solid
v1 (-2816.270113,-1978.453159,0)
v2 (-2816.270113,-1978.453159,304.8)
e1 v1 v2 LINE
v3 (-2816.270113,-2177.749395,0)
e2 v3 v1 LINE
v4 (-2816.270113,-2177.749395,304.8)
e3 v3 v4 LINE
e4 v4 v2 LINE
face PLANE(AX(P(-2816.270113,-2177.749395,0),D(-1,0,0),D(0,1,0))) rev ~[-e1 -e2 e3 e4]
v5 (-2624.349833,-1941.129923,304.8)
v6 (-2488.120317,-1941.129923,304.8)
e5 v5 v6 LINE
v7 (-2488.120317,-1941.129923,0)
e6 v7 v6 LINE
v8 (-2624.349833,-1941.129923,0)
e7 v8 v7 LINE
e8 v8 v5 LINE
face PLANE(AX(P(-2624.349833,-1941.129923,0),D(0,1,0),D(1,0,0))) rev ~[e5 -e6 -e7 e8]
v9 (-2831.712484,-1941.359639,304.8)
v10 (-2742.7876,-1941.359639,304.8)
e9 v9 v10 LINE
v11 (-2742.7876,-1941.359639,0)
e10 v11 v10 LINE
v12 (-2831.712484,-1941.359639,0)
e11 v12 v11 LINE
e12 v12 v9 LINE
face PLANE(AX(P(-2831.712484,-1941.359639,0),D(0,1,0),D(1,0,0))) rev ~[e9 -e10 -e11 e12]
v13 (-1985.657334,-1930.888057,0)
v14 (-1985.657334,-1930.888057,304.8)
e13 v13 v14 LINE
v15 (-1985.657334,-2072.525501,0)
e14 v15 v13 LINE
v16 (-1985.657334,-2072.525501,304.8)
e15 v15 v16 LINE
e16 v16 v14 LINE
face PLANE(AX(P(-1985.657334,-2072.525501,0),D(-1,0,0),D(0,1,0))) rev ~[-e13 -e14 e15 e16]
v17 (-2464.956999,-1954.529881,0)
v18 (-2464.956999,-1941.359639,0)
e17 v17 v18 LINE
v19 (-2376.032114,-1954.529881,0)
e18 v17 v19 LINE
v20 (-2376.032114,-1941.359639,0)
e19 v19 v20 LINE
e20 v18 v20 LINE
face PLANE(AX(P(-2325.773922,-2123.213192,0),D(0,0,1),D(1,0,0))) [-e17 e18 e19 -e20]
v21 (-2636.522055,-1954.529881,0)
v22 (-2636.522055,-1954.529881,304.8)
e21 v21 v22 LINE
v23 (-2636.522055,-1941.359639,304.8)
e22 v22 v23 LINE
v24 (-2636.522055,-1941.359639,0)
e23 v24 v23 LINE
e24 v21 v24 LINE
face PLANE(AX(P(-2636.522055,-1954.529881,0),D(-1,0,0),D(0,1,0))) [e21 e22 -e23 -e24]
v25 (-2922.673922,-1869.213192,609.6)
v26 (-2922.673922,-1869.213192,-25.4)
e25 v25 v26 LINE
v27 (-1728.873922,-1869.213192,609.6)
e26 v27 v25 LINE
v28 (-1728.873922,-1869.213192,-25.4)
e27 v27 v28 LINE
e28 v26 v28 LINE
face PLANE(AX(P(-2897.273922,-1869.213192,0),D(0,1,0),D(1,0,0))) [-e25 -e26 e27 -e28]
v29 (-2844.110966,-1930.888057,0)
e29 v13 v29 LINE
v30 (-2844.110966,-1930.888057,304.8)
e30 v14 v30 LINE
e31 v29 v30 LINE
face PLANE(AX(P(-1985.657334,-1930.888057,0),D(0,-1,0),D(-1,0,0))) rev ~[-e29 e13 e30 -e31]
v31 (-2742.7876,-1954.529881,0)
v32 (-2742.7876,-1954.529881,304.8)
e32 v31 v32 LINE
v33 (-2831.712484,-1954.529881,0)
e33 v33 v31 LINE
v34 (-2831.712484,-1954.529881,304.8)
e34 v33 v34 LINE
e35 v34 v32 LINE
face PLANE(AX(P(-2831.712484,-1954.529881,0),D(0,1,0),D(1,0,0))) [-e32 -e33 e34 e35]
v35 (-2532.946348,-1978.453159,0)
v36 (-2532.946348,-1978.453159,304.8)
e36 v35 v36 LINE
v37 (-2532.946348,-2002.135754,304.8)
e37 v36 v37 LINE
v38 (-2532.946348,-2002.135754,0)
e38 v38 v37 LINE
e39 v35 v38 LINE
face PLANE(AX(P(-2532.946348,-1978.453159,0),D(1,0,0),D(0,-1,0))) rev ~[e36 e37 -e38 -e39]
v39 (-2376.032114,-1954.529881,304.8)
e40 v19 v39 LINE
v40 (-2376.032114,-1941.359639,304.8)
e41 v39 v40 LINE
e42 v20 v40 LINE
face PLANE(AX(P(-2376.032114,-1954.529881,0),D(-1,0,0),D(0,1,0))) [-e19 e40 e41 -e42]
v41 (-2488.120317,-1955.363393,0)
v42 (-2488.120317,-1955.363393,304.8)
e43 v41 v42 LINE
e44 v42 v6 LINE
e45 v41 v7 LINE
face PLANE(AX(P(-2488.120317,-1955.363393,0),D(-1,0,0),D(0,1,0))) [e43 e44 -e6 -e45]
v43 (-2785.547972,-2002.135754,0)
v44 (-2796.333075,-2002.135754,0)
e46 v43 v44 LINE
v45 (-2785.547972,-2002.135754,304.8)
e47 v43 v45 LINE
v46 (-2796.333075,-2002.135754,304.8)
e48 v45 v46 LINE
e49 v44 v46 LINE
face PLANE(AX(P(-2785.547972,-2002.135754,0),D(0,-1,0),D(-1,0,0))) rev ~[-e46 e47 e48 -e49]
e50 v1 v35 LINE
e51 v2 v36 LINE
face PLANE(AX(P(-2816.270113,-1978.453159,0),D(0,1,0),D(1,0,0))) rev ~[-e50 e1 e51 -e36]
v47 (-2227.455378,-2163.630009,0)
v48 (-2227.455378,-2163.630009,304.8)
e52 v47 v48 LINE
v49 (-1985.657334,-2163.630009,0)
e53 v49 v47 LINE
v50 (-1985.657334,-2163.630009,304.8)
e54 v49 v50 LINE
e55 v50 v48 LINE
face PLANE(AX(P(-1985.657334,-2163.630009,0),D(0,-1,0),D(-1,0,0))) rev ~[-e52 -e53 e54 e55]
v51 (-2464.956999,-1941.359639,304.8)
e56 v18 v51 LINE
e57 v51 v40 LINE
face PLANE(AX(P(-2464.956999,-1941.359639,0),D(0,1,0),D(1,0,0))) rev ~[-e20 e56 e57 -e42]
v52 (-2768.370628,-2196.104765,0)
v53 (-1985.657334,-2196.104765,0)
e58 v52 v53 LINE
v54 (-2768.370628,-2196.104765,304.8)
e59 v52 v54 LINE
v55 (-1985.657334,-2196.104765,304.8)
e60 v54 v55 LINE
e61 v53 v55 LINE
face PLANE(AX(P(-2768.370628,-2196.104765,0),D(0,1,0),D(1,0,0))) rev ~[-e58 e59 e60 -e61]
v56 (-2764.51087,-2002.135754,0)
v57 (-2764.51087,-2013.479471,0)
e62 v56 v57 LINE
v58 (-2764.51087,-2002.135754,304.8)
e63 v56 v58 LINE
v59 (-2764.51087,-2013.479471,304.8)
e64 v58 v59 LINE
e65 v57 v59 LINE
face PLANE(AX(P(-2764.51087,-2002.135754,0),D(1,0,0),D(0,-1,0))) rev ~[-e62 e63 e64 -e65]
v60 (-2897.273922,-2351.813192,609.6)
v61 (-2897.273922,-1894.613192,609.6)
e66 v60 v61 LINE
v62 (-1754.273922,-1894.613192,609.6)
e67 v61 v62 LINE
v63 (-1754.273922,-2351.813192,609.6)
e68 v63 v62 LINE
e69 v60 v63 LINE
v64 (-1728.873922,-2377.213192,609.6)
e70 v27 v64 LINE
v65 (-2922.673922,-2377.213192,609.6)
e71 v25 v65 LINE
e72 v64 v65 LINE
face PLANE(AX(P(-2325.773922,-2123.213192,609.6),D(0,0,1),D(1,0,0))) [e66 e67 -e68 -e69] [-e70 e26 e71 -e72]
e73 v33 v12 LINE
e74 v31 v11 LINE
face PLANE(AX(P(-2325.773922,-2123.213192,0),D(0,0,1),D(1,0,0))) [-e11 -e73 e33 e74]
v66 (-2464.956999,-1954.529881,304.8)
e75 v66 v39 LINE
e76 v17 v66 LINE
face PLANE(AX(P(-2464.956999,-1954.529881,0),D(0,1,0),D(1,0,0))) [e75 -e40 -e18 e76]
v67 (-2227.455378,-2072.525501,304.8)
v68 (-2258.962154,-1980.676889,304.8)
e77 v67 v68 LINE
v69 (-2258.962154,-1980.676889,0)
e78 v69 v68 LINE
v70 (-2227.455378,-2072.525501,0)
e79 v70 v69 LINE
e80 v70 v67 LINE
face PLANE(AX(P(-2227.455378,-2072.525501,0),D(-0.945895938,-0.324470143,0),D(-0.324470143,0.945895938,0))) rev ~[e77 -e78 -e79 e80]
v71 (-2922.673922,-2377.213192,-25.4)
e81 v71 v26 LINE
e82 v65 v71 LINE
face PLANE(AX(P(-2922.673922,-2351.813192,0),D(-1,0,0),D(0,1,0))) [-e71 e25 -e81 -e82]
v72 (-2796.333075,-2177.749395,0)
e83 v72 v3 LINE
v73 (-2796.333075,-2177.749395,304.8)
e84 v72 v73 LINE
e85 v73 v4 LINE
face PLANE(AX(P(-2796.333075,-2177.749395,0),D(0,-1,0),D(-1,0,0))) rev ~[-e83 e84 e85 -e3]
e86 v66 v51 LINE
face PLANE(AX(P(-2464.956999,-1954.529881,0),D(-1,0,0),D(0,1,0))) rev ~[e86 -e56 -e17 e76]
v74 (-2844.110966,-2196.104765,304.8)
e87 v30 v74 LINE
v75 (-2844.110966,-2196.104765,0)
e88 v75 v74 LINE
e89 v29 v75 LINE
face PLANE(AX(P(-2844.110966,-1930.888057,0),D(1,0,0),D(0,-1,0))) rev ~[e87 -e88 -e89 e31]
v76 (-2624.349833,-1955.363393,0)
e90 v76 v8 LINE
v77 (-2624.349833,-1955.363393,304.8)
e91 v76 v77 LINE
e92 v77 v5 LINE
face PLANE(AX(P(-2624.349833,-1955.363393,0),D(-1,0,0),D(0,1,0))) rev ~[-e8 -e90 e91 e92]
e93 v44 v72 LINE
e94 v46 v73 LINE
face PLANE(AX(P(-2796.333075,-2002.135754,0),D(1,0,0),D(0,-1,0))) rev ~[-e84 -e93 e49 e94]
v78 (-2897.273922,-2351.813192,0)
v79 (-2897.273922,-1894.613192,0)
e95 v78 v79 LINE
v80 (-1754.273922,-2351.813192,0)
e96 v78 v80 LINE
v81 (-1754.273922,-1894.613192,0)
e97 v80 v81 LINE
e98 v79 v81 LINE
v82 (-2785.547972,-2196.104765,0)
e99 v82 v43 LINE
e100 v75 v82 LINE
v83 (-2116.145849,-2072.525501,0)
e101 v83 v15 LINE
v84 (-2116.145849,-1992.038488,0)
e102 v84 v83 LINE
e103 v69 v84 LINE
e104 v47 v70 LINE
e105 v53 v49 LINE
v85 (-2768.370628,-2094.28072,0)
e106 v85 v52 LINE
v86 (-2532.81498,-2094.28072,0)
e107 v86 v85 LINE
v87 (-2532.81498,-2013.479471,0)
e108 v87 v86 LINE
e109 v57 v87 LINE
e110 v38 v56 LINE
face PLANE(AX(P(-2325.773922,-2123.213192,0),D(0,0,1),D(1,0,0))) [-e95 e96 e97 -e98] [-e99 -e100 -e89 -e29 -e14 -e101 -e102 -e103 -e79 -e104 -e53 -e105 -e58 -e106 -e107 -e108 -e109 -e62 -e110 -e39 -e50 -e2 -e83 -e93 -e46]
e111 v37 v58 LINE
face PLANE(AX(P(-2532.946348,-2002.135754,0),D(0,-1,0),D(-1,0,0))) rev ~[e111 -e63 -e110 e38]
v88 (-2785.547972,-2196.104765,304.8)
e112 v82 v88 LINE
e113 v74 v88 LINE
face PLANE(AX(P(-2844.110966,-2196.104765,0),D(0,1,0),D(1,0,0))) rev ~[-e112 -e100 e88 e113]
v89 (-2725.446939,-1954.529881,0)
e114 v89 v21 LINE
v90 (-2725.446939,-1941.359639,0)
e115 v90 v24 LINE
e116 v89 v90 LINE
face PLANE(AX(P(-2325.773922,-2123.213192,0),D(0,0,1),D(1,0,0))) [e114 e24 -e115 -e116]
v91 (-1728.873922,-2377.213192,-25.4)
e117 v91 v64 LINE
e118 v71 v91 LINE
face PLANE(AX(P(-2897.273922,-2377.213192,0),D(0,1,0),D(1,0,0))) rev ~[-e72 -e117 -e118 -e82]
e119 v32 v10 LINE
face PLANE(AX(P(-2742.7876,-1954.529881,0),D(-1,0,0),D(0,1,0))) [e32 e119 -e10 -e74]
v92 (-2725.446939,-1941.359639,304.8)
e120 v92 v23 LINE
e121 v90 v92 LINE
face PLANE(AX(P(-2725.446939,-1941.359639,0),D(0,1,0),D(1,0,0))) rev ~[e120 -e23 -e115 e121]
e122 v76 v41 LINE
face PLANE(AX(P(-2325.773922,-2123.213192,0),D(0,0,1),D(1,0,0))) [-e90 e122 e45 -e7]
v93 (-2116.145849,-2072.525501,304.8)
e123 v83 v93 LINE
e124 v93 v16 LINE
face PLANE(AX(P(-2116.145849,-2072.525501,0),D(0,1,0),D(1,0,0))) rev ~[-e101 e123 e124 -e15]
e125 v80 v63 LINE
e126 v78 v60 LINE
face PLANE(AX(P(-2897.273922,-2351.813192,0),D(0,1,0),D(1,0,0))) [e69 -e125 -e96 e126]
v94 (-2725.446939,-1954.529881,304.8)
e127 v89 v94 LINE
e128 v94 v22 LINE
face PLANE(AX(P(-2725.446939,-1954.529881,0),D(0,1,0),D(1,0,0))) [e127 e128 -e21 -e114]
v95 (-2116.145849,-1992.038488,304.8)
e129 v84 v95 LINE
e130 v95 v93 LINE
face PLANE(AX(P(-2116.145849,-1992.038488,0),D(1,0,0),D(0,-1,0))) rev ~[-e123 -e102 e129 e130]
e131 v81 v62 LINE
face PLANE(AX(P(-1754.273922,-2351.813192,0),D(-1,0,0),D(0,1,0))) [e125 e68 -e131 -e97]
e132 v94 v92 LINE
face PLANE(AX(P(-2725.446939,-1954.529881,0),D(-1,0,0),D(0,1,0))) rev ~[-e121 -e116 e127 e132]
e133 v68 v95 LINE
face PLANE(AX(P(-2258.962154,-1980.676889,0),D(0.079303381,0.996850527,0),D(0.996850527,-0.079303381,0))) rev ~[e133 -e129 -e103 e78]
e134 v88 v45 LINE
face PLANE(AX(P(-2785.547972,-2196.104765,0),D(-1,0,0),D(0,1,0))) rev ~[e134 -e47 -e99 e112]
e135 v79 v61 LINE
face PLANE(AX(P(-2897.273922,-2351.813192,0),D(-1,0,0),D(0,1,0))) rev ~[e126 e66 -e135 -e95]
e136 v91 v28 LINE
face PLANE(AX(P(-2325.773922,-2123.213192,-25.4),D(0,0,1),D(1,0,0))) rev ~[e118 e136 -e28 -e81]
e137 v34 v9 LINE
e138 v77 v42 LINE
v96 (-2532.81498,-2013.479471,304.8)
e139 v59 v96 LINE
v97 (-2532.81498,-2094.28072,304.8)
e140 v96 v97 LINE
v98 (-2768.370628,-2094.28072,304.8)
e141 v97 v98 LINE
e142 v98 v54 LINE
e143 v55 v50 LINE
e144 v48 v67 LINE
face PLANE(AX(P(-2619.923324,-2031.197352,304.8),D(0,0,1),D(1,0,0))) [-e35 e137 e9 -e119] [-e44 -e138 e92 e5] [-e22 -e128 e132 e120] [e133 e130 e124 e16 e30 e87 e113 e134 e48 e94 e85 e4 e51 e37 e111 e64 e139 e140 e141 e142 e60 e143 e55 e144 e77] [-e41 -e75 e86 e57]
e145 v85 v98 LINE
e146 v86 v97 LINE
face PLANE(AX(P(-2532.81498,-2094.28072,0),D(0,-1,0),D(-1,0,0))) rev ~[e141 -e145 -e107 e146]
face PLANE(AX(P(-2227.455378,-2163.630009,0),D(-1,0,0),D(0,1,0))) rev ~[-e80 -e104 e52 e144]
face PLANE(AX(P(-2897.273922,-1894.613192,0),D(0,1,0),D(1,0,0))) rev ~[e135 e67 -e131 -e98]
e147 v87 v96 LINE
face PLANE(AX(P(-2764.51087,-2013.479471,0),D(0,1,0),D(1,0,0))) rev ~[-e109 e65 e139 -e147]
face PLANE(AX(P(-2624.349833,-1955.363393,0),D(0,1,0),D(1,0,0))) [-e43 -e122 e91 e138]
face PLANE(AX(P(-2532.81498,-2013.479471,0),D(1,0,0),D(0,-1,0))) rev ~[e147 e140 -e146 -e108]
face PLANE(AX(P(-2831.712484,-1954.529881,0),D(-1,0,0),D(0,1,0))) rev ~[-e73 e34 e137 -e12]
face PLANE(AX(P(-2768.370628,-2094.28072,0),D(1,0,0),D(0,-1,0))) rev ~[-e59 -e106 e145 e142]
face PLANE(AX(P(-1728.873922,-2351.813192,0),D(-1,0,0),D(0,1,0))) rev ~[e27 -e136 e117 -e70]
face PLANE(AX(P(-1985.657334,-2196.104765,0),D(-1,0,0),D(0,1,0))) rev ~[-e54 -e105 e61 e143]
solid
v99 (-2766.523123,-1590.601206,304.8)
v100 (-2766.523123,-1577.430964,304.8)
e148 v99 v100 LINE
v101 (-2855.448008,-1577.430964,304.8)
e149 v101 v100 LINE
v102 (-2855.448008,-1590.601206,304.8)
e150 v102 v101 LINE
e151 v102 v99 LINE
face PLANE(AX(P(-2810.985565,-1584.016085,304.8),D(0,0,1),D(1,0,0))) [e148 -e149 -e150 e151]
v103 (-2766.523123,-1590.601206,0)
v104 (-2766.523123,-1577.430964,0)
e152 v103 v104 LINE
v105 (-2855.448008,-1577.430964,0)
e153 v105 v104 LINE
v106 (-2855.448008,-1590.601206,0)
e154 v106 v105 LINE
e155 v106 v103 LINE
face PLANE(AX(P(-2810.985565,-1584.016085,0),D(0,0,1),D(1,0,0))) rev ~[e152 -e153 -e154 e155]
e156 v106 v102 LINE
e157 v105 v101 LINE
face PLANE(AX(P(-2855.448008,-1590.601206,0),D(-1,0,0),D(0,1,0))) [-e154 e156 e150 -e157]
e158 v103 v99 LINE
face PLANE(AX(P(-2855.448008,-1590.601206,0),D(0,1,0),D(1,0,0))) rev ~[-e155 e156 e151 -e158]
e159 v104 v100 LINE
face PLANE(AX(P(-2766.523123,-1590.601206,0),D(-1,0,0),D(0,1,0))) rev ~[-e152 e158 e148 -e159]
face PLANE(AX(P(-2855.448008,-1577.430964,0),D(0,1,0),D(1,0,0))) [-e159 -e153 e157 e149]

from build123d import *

# Parameters (mm, degrees)
F0_W     = 1143
F0_H     = 457.2
F1_DEPTH = 609.6
F2_T     = 25.4
F3_W     = 88.9248847961
F3_H     = 13.1702423096
F3_W_2   = 136.2295150757
F3_H_2   = 14.2334699631
F4_DEPTH = 304.8


with BuildPart() as f1:
    # F0 (on Top) → F1 (new body)
    with BuildSketch(Plane.XY):
        with Locations((-2325.7739219427, -2123.2131924457)):
            Rectangle(F0_W, F0_H)
    extrude(amount=F1_DEPTH)

    # F2
    f2_openings = [f1.faces().sort_by_distance(p)[0] for p in [
        (-2325.773922, -2123.213192, 609.6),
    ]]
    offset(amount=F2_T, openings=f2_openings, kind=Kind.INTERSECTION)

    # F3 (on face) → F4 (join)
    with BuildSketch(Plane.XY):
        Polygon((-2361.9454296121, -1930.8880567551), (-2844.1109657288, -1930.8880567551), (-2844.1109657288, -2196.1047649384), (-2830.2676677704, -2196.1047649384), (-2830.2676677704, -1966.5903649384), (-2519.6123123169, -1966.5903649384), (-2519.6123123169, -2196.1047649384), (-2361.9454296121, -2196.1047649384), align=None)
        with Locations((-2787.2500419617, -1947.9447603226)):
            Rectangle(F3_W, F3_H, mode=Mode.SUBTRACT)
        with Locations((-2680.9844970703, -1947.9447603226)):
            Rectangle(F3_W, F3_H, mode=Mode.SUBTRACT)
        with Locations((-2556.2350749969, -1948.2466578484)):
            Rectangle(F3_W_2, F3_H_2, mode=Mode.SUBTRACT)
        with Locations((-2420.494556427, -1947.9447603226)):
            Rectangle(F3_W, F3_H, mode=Mode.SUBTRACT)
        Polygon((-1985.6573343277, -1930.8880567551), (-2361.9454296121, -1930.8880567551), (-2361.9454296121, -2196.1047649384), (-1985.6573343277, -2196.1047649384), (-1985.6573343277, -2163.6300086975), (-2227.4553775787, -2163.6300086975), (-2227.4553775787, -2072.5255012512), (-2258.9621543884, -1980.6768894196), (-2116.1458492279, -1992.0384883881), (-2116.1458492279, -2072.5255012512), (-1985.6573343277, -2072.5255012512), align=None)
        Polygon((-2830.2676677704, -1966.5903649384), (-2830.2676677704, -2196.1047649384), (-2785.5479717255, -2196.1047649384), (-2785.5479717255, -2002.1357536316), (-2796.3330745697, -2002.1357536316), (-2796.3330745697, -2177.7493953705), (-2816.2701129913, -2177.7493953705), (-2816.2701129913, -1978.4531593323), (-2532.9463481903, -1978.4531593323), (-2532.9463481903, -2002.1357536316), (-2764.5108699799, -2002.1357536316), (-2764.5108699799, -2013.4794712067), (-2532.8149795532, -2013.4794712067), (-2532.8149795532, -2094.2807197571), (-2768.3706283569, -2094.2807197571), (-2768.3706283569, -2196.1047649384), (-2708.4498405457, -2196.1047649384), (-2519.6123123169, -2196.1047649384), (-2519.6123123169, -1966.5903649384), align=None)
    extrude(amount=F4_DEPTH)


with BuildPart() as f4:
    # F3 (on face) → F4, piece 2 (new body)
    with BuildSketch(Plane.XY):
        with Locations((-2810.9855651855, -1584.016084671)):
            Rectangle(F3_W, F3_H)
    extrude(amount=F4_DEPTH)


solid = Compound([f1.part, f4.part])
